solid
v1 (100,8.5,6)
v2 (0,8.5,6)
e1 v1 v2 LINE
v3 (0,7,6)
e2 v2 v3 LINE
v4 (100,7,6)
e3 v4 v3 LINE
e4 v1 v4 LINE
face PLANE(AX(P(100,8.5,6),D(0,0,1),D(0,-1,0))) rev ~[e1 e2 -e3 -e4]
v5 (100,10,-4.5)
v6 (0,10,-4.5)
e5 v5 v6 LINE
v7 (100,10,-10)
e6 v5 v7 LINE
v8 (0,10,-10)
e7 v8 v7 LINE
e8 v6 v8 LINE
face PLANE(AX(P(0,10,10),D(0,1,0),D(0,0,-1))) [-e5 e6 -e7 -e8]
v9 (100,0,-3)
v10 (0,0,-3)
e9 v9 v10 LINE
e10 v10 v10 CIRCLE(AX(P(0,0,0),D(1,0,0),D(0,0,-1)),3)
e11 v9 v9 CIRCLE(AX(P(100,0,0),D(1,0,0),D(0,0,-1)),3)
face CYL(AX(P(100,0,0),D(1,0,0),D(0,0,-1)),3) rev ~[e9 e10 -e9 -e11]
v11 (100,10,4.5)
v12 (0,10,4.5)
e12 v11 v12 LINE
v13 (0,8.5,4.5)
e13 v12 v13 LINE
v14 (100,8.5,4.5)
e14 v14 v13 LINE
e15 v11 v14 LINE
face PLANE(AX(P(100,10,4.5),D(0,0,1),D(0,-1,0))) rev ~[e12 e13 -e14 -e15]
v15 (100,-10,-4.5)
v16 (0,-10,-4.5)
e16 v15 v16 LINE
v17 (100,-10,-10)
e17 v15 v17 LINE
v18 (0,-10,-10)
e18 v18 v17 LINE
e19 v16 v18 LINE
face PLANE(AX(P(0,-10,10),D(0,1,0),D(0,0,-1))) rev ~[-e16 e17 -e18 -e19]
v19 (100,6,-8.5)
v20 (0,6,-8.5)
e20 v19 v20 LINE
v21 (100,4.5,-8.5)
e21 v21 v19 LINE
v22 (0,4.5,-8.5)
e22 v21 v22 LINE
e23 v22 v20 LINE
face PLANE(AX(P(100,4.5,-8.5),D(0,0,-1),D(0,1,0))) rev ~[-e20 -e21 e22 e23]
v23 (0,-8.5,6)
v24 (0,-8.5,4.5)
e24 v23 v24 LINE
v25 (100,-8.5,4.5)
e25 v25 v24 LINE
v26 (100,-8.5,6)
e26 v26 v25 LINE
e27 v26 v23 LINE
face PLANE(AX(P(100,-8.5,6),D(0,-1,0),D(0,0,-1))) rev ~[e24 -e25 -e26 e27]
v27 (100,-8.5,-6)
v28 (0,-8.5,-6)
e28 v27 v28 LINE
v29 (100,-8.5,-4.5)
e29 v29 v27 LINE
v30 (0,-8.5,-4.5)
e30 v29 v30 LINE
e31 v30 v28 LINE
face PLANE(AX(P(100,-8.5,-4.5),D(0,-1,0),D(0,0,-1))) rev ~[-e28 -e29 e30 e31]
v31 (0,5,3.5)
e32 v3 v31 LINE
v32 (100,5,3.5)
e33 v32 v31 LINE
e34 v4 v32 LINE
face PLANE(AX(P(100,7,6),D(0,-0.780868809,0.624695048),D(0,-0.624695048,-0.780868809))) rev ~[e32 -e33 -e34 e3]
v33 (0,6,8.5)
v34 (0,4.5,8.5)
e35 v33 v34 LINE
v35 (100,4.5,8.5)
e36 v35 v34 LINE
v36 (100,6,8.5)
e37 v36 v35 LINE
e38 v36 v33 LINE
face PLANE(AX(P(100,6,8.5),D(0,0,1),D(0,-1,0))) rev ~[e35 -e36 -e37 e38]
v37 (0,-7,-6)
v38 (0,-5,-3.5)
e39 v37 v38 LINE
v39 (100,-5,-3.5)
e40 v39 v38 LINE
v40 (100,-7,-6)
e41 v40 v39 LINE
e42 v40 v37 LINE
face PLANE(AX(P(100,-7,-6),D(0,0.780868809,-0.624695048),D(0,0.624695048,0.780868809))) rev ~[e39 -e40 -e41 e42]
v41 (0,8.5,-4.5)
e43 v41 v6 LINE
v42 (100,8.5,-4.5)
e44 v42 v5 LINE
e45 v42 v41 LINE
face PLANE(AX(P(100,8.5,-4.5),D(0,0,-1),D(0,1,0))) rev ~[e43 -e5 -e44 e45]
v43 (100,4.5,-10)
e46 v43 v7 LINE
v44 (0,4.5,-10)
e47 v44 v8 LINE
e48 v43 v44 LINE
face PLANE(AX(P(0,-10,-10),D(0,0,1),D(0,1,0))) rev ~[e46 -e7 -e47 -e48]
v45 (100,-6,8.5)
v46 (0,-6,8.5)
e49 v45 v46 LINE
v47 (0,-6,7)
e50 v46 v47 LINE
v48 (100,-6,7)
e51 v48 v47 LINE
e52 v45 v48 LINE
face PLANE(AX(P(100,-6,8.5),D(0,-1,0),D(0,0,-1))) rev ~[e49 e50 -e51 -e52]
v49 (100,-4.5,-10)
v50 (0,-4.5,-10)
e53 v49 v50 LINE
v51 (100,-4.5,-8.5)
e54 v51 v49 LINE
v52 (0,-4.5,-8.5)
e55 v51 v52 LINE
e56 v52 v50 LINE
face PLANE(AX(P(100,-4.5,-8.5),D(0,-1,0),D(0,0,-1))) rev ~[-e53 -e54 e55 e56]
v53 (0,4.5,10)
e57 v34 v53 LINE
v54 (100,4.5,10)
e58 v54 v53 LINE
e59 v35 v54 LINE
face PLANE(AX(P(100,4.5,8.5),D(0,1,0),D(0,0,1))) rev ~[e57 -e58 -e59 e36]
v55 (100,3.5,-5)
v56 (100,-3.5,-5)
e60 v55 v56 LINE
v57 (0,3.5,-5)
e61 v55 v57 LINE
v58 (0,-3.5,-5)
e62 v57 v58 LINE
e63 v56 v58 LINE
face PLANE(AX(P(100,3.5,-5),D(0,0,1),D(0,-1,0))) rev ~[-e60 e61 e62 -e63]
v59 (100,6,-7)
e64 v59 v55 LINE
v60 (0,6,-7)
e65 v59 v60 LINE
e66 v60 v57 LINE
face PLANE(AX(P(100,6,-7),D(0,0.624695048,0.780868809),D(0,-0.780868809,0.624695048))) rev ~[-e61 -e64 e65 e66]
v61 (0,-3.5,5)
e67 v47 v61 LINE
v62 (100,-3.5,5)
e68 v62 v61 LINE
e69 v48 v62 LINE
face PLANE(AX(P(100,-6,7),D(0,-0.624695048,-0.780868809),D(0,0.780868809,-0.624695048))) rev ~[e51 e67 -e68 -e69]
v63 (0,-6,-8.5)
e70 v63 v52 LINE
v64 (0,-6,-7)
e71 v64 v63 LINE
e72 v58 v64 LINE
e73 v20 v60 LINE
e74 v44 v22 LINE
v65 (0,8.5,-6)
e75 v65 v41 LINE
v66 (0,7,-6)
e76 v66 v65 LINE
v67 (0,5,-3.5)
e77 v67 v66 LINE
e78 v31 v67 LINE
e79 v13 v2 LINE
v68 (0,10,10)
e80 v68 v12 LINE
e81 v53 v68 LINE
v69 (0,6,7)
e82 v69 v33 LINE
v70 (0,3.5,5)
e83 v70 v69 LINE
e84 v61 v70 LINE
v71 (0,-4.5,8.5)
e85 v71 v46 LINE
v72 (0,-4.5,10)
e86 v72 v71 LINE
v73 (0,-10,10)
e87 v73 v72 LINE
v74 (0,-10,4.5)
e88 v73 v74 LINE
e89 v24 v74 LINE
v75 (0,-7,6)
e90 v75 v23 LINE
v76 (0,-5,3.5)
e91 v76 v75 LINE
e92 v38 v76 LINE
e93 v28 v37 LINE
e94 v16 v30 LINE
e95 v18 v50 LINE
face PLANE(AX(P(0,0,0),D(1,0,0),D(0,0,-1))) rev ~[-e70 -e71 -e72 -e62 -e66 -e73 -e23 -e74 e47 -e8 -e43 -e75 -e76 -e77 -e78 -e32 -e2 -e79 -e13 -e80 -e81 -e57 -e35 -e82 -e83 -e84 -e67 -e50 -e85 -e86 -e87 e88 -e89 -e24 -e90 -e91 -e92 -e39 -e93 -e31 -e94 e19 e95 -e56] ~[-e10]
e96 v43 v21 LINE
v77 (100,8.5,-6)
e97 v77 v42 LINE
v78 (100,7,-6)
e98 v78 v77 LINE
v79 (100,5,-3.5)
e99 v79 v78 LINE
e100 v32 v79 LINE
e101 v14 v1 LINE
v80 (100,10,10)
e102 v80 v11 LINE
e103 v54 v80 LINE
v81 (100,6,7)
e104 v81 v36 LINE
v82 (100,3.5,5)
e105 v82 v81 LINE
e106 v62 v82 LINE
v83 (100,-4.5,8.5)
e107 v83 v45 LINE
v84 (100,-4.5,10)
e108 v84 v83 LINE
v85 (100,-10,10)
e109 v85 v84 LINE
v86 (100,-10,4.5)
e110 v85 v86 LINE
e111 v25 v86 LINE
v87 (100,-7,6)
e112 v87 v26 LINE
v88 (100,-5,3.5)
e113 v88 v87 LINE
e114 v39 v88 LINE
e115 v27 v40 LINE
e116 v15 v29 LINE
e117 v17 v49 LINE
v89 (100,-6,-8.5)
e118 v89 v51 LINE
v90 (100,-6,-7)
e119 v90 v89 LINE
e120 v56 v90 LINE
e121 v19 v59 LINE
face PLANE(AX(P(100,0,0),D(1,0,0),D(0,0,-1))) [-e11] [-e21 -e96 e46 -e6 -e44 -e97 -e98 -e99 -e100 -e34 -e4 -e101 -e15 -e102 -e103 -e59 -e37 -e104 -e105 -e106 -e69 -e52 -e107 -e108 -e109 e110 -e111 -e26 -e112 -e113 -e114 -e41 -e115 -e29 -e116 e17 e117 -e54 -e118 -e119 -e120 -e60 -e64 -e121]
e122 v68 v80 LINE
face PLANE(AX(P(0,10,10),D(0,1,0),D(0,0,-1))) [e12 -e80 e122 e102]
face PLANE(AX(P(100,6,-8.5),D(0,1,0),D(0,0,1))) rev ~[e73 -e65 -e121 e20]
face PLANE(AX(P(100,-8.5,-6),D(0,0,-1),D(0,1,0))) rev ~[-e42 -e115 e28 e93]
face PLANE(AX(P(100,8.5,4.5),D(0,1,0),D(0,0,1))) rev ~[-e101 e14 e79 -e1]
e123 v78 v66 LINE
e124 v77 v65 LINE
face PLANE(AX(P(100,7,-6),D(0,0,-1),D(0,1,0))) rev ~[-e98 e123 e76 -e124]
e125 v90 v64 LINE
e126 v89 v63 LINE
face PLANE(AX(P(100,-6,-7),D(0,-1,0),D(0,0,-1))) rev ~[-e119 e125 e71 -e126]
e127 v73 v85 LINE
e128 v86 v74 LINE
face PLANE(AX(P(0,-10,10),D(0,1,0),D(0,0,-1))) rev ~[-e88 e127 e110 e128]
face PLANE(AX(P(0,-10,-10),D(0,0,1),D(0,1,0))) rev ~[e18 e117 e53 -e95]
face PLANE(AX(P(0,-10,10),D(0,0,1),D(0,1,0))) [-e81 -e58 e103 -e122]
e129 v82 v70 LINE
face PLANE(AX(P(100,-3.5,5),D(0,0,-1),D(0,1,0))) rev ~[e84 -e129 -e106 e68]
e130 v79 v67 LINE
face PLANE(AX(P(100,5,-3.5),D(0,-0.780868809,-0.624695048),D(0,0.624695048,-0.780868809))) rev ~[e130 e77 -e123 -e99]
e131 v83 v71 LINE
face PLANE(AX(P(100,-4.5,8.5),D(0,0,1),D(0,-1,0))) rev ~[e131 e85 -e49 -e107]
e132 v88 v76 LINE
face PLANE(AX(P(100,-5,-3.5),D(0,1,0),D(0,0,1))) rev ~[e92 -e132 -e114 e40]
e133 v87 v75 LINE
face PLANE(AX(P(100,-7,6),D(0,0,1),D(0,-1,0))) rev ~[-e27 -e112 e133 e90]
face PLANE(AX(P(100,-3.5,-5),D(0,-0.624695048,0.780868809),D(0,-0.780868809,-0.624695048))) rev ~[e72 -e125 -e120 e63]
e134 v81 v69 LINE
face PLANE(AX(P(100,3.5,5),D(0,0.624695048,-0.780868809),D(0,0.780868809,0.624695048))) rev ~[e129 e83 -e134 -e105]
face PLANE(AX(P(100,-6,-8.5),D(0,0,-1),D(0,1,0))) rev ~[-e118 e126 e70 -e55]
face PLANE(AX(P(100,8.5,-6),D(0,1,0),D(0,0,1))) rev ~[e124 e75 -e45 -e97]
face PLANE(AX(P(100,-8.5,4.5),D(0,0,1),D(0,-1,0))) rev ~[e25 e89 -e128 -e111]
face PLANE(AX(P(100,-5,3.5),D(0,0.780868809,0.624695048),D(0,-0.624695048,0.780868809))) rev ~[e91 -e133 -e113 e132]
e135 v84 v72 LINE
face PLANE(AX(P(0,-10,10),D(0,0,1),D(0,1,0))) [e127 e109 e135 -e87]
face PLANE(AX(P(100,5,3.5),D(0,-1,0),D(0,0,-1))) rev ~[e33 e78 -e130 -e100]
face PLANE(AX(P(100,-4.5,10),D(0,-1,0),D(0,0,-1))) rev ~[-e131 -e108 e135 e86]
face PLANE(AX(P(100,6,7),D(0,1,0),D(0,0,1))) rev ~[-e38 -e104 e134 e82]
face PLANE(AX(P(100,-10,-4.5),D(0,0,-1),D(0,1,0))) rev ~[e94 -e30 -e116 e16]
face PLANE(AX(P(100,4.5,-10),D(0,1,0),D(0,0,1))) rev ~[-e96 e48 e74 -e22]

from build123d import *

# Parameters (mm, degrees)
SKETCH1_W           = 20
SKETCH1_H           = 20
BOSS_EXTRUDE1_DEPTH = 100
SKETCH2_R           = 3
CUT_EXTRUDE1_DEPTH  = 101.995049384
CUT_EXTRUDE2_DEPTH  = 101.995049384
CIRPATTERN1_COUNT   = 4


with BuildPart() as part:
    # Sketch1 → Boss-Extrude1 (new body)
    with BuildSketch(Plane(origin=(0, 0, 0), x_dir=(0, 0, -1), z_dir=(1, 0, 0))):
        Rectangle(SKETCH1_W, SKETCH1_H)
    extrude(amount=BOSS_EXTRUDE1_DEPTH)

    # Sketch2 → Cut-Extrude1 (cut, through all)
    with BuildSketch(Plane(origin=(100, 0, 0), x_dir=(0, 0, -1), z_dir=(1, 0, 0))):
        Circle(SKETCH2_R)
    extrude(amount=-CUT_EXTRUDE1_DEPTH, mode=Mode.SUBTRACT)

    # Sketch2<3> → Cut-Extrude2 (cut, through all)
    with BuildSketch(Plane(origin=(100, 0, 0), x_dir=(0, 0, -1), z_dir=(1, 0, 0))):
        Polygon((-3.5, 5), (3.5, 5), (6, 7), (6, 8.5), (4.5, 8.5), (4.5, 10), (-4.5, 10), (-4.5, 8.5), (-6, 8.5), (-6, 7), align=None)
    cut_extrude2 = extrude(amount=-CUT_EXTRUDE2_DEPTH, mode=Mode.SUBTRACT)

    # CirPattern1: Cut-Extrude2 ×4 about axis
    cirpattern1_axis = Axis((0, 0, 0), (1, 0, 0))
    for i in range(1, CIRPATTERN1_COUNT):
        add(cut_extrude2.rotate(cirpattern1_axis, i * 360 / CIRPATTERN1_COUNT), mode=Mode.SUBTRACT)


solid = part.part
